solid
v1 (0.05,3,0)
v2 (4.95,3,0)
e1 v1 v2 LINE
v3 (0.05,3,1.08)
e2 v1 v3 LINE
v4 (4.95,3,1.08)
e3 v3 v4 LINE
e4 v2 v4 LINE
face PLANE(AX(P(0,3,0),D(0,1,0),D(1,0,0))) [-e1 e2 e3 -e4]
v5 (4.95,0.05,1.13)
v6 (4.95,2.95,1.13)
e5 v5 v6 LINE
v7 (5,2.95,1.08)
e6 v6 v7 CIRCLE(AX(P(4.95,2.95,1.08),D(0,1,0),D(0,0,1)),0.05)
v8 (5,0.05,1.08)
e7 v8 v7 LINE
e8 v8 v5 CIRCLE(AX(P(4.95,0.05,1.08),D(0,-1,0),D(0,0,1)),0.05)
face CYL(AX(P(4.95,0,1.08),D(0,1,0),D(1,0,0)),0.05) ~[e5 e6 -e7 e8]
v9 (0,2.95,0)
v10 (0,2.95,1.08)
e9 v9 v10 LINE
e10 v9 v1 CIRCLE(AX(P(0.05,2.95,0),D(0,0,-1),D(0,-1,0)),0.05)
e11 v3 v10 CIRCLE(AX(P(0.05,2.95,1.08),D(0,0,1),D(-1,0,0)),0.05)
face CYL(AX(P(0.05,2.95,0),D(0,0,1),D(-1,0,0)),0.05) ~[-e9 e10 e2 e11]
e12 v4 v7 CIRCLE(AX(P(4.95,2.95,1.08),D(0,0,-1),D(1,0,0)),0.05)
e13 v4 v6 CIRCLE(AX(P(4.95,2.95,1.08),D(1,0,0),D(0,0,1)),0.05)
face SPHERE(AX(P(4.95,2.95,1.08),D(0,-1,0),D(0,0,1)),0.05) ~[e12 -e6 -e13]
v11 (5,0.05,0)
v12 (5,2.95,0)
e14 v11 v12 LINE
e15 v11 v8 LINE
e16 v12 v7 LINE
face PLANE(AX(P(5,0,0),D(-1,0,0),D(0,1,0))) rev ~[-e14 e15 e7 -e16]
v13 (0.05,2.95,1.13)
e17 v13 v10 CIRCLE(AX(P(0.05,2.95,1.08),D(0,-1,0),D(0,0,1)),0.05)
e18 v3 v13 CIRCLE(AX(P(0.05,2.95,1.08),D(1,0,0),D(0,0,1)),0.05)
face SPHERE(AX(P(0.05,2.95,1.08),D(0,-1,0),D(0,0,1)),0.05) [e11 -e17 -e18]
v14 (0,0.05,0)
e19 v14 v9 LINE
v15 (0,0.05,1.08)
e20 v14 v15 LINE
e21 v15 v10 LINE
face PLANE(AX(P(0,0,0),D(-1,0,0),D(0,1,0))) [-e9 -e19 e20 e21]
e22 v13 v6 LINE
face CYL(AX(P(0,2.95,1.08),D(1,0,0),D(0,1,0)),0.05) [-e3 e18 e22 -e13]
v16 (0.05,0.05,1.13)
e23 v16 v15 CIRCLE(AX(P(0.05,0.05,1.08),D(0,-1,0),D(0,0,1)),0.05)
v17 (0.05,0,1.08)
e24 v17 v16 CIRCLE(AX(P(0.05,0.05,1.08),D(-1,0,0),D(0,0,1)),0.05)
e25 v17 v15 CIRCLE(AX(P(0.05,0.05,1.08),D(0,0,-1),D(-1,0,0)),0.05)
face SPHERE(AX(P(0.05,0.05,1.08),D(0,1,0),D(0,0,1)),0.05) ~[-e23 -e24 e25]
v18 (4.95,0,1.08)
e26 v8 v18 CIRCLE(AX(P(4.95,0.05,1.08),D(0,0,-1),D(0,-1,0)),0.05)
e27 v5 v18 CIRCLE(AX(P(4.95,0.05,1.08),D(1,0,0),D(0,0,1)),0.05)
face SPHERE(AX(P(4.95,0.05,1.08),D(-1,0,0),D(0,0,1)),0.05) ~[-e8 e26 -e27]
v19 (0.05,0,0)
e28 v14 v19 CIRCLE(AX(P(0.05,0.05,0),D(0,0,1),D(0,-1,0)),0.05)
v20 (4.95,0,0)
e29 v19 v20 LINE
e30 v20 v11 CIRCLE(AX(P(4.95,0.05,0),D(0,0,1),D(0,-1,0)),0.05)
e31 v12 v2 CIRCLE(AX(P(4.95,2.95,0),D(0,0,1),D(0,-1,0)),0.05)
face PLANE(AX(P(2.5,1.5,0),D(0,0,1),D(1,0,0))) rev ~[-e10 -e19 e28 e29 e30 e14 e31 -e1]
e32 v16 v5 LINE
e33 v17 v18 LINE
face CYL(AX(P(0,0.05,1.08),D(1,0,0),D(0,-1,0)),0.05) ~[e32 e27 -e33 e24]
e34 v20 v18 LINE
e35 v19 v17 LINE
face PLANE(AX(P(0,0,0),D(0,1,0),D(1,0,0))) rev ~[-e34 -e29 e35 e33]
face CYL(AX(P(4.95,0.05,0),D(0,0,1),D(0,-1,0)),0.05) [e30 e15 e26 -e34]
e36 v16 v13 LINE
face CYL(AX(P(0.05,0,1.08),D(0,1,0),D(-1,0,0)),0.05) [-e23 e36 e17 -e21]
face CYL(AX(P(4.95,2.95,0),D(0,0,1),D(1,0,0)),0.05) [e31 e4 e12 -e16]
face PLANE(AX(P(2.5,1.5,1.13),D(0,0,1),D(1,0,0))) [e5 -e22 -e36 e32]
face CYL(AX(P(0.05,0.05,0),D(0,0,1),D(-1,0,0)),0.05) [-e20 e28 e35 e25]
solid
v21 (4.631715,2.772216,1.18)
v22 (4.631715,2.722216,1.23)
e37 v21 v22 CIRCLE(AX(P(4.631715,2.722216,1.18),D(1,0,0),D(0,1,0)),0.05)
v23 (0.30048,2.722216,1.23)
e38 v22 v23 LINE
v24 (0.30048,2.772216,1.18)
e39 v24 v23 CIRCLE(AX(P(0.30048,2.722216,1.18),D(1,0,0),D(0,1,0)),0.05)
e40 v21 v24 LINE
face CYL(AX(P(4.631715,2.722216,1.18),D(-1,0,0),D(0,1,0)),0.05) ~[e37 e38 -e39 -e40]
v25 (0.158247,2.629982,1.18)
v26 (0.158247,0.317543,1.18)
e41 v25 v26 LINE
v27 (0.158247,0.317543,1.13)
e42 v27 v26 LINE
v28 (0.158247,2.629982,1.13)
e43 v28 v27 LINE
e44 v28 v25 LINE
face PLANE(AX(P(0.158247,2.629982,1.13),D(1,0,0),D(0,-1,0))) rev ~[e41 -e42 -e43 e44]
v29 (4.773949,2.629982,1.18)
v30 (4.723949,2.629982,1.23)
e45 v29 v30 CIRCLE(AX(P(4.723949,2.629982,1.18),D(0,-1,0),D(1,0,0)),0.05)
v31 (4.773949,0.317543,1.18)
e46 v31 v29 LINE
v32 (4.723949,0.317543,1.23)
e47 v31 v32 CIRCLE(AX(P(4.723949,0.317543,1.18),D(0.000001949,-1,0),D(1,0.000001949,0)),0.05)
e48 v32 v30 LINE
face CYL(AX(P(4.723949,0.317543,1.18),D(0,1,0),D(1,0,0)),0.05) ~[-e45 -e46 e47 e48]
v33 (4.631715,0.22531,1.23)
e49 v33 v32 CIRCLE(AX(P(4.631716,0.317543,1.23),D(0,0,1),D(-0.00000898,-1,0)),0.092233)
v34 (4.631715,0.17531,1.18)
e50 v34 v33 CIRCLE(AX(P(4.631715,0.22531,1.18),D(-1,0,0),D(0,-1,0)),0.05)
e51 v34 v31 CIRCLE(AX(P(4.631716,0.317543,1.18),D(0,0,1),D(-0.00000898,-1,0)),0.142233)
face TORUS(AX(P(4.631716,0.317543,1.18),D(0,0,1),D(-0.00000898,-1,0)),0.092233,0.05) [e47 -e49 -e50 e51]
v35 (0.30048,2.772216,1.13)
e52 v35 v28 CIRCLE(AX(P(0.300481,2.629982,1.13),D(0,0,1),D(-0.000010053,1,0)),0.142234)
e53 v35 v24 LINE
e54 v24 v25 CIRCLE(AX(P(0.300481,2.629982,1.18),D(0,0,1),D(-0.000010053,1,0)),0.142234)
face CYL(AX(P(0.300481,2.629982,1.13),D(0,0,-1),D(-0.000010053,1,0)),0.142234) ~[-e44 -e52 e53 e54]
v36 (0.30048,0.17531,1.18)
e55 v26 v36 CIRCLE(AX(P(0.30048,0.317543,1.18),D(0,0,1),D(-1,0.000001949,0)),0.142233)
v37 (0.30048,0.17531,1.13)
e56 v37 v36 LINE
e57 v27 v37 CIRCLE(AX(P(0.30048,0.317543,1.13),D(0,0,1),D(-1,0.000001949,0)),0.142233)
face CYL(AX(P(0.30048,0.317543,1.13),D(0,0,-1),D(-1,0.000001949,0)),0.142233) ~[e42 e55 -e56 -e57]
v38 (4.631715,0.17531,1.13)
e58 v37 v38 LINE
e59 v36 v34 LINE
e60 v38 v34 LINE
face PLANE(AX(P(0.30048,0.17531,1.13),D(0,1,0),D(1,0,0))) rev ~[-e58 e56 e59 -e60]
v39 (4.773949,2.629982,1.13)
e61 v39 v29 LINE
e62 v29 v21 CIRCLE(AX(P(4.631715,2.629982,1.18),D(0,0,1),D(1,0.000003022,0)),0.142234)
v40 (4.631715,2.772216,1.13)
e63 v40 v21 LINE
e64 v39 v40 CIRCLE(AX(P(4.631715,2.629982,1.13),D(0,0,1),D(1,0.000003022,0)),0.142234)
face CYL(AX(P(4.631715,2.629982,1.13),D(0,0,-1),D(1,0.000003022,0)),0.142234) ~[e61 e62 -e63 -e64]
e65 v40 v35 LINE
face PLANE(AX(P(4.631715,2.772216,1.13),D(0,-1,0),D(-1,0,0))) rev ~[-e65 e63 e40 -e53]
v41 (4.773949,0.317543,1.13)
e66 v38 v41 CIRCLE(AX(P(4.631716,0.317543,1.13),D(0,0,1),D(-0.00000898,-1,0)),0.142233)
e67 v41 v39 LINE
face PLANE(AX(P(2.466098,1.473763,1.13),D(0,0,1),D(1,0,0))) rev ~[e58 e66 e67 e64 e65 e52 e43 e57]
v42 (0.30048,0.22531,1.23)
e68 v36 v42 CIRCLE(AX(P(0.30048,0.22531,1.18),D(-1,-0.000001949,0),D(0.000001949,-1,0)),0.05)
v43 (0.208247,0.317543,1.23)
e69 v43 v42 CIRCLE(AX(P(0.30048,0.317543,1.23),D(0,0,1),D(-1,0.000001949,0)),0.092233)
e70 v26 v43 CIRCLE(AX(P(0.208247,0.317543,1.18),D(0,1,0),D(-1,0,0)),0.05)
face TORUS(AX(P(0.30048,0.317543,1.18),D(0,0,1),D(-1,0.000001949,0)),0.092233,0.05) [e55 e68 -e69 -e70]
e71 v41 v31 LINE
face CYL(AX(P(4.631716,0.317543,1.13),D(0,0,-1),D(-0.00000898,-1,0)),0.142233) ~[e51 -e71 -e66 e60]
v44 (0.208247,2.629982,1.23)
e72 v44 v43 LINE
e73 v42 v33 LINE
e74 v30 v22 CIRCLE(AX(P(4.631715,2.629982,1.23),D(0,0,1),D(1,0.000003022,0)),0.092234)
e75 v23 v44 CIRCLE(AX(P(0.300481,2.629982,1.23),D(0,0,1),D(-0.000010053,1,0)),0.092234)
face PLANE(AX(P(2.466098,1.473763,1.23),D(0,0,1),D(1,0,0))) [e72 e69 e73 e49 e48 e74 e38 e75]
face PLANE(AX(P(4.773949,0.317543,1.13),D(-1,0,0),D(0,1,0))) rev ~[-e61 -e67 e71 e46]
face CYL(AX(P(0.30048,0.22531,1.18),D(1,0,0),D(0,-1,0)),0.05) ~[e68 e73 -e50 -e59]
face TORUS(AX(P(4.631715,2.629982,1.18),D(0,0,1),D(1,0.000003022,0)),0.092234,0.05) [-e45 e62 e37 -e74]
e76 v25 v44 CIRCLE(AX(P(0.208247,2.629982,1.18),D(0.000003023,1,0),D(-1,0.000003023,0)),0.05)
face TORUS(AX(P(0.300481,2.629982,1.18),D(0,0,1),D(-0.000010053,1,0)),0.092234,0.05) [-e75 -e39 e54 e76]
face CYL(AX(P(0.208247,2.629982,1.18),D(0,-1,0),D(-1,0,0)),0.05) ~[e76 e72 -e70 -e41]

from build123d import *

# Parameters (mm, degrees)
F0_W     = 5
F0_H     = 3
F1_DEPTH = 1.13
F3_DEPTH = 0.1
F4_R     = 0.05
F5_R     = 0.05


with BuildPart() as f1:
    # F0 (on Top) → F1 (new body)
    with BuildSketch(Plane.XY):
        with Locations((2.5, 1.5)):
            Rectangle(F0_W, F0_H)
    extrude(amount=F1_DEPTH)

    # F5
    f5_edges = [f1.edges().sort_by_distance(p)[0] for p in [
        (0, 1.5, 1.13),
        (2.5, 0, 1.13),
        (5, 1.5, 1.13),
        (2.5, 3, 1.13),
        (5, 3, 0.565),
        (5, 0, 0.565),
        (0, 3, 0.565),
        (0, 0, 0.565),
    ]]
    fillet(f5_edges, radius=F5_R)


with BuildPart() as f3:
    # F2 (on face) → F3 (new body)
    with BuildSketch(Plane.XY.offset(1.13)):
        with BuildLine():
            Line((4.631715, 2.772216), (0.30048, 2.772216))
            ThreePointArc((0.30048, 2.772216), (0.199906, 2.730556), (0.158247, 2.629982))
            Line((0.158247, 2.629982), (0.158247, 0.317543))
            ThreePointArc((0.158247, 0.317543), (0.199906, 0.216969), (0.30048, 0.17531))
            Line((0.30048, 0.17531), (4.631715, 0.17531))
            ThreePointArc((4.631715, 0.17531), (4.73229, 0.216969), (4.773949, 0.317543))
            Line((4.773949, 0.317543), (4.773949, 2.629982))
            ThreePointArc((4.773949, 2.629982), (4.73229, 2.730556), (4.631715, 2.772216))
        make_face()
    extrude(amount=F3_DEPTH)

    # F4
    f4_edges = [f3.edges().sort_by_distance(p)[0] for p in [
        (2.466098, 2.772216, 1.23),
        (0.158247, 1.473763, 1.23),
        (2.466098, 0.17531, 1.23),
        (4.773949, 1.473763, 1.23),
        (4.73229, 2.730556, 1.23),
        (4.73229, 0.216969, 1.23),
        (0.199906, 0.216969, 1.23),
        (0.199906, 2.730556, 1.23),
    ]]
    fillet(f4_edges, radius=F4_R)


solid = Compound([f1.part, f3.part])
